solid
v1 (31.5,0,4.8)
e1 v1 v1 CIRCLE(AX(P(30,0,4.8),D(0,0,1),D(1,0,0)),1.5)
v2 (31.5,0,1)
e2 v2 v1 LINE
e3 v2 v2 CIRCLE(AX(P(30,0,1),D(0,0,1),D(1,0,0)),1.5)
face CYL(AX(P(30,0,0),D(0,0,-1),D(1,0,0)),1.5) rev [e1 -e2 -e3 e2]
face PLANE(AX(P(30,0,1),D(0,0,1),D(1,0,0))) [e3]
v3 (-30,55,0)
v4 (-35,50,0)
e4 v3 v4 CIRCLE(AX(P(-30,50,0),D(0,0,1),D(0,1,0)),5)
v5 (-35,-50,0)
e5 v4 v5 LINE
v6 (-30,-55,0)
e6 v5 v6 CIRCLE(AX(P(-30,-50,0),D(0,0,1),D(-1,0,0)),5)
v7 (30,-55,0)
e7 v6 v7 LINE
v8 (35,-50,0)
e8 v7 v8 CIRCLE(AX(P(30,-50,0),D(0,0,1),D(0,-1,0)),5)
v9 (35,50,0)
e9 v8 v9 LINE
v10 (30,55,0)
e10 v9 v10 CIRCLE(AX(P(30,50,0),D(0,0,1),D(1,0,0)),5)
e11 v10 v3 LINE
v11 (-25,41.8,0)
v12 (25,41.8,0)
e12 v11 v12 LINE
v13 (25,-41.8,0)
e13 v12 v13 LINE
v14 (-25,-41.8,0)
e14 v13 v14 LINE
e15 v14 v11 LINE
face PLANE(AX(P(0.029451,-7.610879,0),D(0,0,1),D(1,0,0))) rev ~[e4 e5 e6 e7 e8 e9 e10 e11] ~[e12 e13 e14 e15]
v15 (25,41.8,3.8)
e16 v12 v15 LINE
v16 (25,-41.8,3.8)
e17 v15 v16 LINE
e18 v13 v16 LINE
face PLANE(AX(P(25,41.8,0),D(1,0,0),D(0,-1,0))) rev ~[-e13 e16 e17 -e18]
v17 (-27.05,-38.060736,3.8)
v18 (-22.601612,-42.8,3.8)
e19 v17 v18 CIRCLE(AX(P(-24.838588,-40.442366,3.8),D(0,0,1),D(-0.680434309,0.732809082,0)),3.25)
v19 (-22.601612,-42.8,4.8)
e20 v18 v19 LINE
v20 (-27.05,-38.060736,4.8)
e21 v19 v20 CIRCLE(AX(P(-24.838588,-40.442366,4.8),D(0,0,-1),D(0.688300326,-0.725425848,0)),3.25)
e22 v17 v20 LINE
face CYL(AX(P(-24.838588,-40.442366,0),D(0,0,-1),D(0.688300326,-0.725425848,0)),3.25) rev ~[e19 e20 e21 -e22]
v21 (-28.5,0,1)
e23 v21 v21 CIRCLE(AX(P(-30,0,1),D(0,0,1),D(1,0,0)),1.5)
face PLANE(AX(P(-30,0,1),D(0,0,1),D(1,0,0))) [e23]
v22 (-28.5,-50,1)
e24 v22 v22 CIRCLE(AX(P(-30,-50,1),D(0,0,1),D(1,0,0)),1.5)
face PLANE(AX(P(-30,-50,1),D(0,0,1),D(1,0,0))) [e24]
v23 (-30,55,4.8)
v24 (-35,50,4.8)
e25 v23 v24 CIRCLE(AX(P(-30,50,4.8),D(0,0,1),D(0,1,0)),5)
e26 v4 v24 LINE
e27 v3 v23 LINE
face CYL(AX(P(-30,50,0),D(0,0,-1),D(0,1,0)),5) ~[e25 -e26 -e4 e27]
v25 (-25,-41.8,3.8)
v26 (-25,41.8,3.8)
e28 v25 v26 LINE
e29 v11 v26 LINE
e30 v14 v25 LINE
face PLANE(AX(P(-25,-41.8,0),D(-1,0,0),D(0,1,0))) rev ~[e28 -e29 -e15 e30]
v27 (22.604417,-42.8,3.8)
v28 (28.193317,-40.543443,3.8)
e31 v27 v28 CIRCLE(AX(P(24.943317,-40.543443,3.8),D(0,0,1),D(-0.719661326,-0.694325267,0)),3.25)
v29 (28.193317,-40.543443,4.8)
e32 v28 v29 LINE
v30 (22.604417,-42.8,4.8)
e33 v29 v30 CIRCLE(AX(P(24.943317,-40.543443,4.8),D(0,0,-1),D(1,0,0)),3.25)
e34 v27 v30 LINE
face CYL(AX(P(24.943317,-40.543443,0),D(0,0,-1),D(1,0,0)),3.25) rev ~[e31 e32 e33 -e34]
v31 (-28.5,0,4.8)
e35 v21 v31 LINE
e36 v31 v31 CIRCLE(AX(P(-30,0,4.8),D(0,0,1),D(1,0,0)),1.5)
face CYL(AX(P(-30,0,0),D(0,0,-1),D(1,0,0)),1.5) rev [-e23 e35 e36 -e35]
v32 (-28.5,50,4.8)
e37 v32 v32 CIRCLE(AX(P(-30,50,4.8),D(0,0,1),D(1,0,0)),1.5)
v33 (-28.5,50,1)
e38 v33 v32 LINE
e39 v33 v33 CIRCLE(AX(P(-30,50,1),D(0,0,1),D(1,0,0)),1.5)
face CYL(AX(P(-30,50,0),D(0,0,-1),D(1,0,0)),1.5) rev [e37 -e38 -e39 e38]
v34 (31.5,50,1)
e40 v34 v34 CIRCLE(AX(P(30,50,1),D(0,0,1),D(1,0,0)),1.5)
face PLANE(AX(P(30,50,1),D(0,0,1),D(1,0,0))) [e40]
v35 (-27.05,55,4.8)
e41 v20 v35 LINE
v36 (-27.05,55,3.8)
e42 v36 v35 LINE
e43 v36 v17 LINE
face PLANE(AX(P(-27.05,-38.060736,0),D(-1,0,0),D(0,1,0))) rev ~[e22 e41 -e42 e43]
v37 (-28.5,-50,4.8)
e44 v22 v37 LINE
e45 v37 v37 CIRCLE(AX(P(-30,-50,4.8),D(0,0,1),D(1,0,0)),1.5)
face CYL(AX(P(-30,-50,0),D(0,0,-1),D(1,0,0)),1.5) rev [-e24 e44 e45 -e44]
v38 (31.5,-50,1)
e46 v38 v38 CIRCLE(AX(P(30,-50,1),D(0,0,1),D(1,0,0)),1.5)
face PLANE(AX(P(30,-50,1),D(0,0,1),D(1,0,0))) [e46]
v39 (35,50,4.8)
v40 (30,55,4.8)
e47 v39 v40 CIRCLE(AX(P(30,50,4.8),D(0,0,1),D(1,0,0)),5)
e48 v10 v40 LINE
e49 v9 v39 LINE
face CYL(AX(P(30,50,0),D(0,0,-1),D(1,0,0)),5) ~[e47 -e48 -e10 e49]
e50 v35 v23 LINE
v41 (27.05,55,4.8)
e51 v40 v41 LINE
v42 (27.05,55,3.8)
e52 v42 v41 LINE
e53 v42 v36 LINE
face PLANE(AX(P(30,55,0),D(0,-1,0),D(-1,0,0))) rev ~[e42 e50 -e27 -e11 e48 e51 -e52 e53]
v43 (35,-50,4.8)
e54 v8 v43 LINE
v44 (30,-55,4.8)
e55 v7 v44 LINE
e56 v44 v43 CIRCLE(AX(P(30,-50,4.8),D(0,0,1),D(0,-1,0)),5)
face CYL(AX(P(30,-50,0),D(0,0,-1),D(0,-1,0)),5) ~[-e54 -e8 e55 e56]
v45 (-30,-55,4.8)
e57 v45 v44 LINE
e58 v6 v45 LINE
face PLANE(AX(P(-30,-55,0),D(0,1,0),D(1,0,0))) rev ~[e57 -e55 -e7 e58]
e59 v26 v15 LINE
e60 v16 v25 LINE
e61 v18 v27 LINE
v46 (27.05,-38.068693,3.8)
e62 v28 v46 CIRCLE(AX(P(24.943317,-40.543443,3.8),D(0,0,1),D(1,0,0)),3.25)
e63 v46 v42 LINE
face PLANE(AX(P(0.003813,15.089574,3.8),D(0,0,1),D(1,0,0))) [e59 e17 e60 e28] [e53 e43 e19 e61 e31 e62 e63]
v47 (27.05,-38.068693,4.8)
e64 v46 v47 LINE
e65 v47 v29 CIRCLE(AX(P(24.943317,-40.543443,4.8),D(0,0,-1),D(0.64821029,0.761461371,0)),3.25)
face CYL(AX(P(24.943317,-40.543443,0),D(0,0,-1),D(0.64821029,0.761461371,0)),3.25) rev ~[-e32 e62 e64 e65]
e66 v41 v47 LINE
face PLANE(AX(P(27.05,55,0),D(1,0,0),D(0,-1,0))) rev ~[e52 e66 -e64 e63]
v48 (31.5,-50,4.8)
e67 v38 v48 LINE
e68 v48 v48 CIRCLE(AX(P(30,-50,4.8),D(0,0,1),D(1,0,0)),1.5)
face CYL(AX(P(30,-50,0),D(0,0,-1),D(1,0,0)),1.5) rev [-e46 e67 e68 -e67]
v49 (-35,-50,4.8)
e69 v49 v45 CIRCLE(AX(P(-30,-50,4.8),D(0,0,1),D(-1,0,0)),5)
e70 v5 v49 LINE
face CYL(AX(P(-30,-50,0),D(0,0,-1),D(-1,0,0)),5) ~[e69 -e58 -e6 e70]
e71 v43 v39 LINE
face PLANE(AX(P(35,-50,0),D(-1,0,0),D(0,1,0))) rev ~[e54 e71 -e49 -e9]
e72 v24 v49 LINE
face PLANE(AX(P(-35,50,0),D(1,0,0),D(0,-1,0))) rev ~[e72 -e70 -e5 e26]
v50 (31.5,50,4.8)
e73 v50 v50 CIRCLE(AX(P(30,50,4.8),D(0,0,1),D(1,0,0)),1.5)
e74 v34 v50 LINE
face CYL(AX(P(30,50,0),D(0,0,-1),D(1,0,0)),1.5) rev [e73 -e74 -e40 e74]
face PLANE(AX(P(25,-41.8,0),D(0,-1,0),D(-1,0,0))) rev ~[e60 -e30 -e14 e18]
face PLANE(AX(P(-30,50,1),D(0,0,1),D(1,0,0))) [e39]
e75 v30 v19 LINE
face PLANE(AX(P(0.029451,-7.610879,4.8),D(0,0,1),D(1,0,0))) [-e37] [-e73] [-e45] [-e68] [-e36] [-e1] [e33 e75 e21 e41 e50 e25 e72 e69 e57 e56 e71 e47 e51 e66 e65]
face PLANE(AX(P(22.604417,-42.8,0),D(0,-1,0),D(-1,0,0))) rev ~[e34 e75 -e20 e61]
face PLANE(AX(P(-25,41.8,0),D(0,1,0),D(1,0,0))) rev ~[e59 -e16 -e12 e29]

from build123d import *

# Parameters (mm, degrees)
F0_R     = 1.5
F1_DEPTH = 1
F2_DEPTH = 3.8
F3_DEPTH = 4.8


with BuildPart() as f1:
    # F0 (on Top) → F1 (new body)
    with BuildSketch(Plane.XY):
        with Locations((-30, 50)):
            Circle(F0_R)
    extrude(amount=F1_DEPTH)



with BuildPart() as f1b:
    # F0 (on Top) → F1, piece 2 (new body)
    with BuildSketch(Plane.XY):
        with Locations((30, 50)):
            Circle(F0_R)
    extrude(amount=F1_DEPTH)


with BuildPart() as f1c:
    # F0 (on Top) → F1, piece 3 (new body)
    with BuildSketch(Plane.XY):
        with Locations((30, 0)):
            Circle(F0_R)
    extrude(amount=F1_DEPTH)


with BuildPart() as f1d:
    # F0 (on Top) → F1, piece 4 (new body)
    with BuildSketch(Plane.XY):
        with Locations((30, -50)):
            Circle(F0_R)
    extrude(amount=F1_DEPTH)


with BuildPart() as f1e:
    # F0 (on Top) → F1, piece 5 (new body)
    with BuildSketch(Plane.XY):
        with Locations((-30, -50)):
            Circle(F0_R)
    extrude(amount=F1_DEPTH)


with BuildPart() as f1f:
    # F0 (on Top) → F1, piece 6 (new body)
    with BuildSketch(Plane.XY):
        with Locations((-30, 0)):
            Circle(F0_R)
    extrude(amount=F1_DEPTH)


with BuildPart() as f2:
    # F0 (on Top) → F2 (new body)
    with BuildSketch(Plane.XY):
        with BuildLine():
            Line((27.05, 42.8), (27.05, 55))
            Line((27.05, 55), (-27.05, 55))
            Line((-27.05, 55), (-27.05, 42.8))
            Line((-27.05, 42.8), (-27.05, -38.0607364771))
            ThreePointArc((-27.05, -38.0607364771), (-26.1012649001, -37.4476793164), (-25, -37.196376726))
            Line((-25, -37.196376726), (-25, 41.8))
            Line((-25, 41.8), (25, 41.8))
            Line((25, 41.8), (25, -37.2939372294))
            ThreePointArc((25, -37.2939372294), (26.0922729799, -37.5033114474), (27.05, -38.0686934251))
            Line((27.05, -38.0686934251), (27.05, 42.8))
        make_face()
        with BuildLine():
            ThreePointArc((-25, -37.196376726), (-26.1012649001, -37.4476793164), (-27.05, -38.0607364771))
            Line((-27.05, -38.0607364771), (-27.05, -42.8))
            Line((-27.05, -42.8), (-22.6016124349, -42.8))
            ThreePointArc((-22.6016124349, -42.8), (-22.1959427347, -42.3341702613), (-21.8857373462, -41.8))
            Line((-21.8857373462, -41.8), (-25, -41.8))
            Line((-25, -41.8), (-25, -37.196376726))
        make_face()
        with BuildLine():
            Line((-27.05, -42.8), (-27.05, -38.0607364771))
            ThreePointArc((-27.05, -38.0607364771), (-27.208254731, -42.6665921352), (-22.6016124349, -42.8))
            Line((-22.6016124349, -42.8), (-27.05, -42.8))
        make_face()
        with BuildLine():
            ThreePointArc((-21.8857373462, -41.8), (-22.1959427347, -42.3341702613), (-22.6016124349, -42.8))
            Line((-22.6016124349, -42.8), (22.6044172499, -42.8))
            ThreePointArc((22.6044172499, -42.8), (22.2287912639, -42.3305781393), (21.9460571083, -41.8))
            Line((21.9460571083, -41.8), (-21.8857373462, -41.8))
        make_face()
        with BuildLine():
            Line((27.05, -42.8), (27.05, -38.0686934251))
            ThreePointArc((27.05, -38.0686934251), (26.0922729799, -37.5033114474), (25, -37.2939372294))
            Line((25, -37.2939372294), (25, -41.8))
            Line((25, -41.8), (21.9460571083, -41.8))
            ThreePointArc((21.9460571083, -41.8), (22.2287912639, -42.3305781393), (22.6044172499, -42.8))
            Line((22.6044172499, -42.8), (27.05, -42.8))
        make_face()
        with BuildLine():
            ThreePointArc((28.1933165581, -40.5434428822), (27.8936742641, -39.1803987131), (27.05, -38.0686934251))
            Line((27.05, -38.0686934251), (27.05, -42.8))
            Line((27.05, -42.8), (22.6044172499, -42.8))
            ThreePointArc((22.6044172499, -42.8), (26.1600904172, -43.557072152), (28.1933165581, -40.5434428822))
        make_face()
    extrude(amount=F2_DEPTH)


with BuildPart() as f1_1:
    add(f1.part)

    add(f1b.part)  # F3 merges F1b

    add(f1c.part)  # F3 merges F1c

    add(f1d.part)  # F3 merges F1d

    add(f1e.part)  # F3 merges F1e

    add(f1f.part)  # F3 merges F1f

    add(f2.part)  # F3 merges F2
    # F0 (on Top) → F3 (join)
    with BuildSketch(Plane.XY):
        with BuildLine():
            ThreePointArc((35, 50), (33.5355339059, 53.5355339059), (30, 55))
            Line((30, 55), (27.05, 55))
            Line((27.05, 55), (27.05, 42.8))
            Line((27.05, 42.8), (27.05, -38.0686934251))
            ThreePointArc((27.05, -38.0686934251), (27.8936742641, -39.1803987131), (28.1933165581, -40.5434428822))
            ThreePointArc((28.1933165581, -40.5434428822), (26.1600904172, -43.557072152), (22.6044172499, -42.8))
            Line((22.6044172499, -42.8), (-22.6016124349, -42.8))
            ThreePointArc((-22.6016124349, -42.8), (-27.208254731, -42.6665921352), (-27.05, -38.0607364771))
            Line((-27.05, -38.0607364771), (-27.05, 42.8))
            Line((-27.05, 42.8), (-27.05, 55))
            Line((-27.05, 55), (-30, 55))
            ThreePointArc((-30, 55), (-33.5355339059, 53.5355339059), (-35, 50))
            Line((-35, 50), (-35, -50))
            ThreePointArc((-35, -50), (-33.5355339059, -53.5355339059), (-30, -55))
            Line((-30, -55), (30, -55))
            ThreePointArc((30, -55), (33.5355339059, -53.5355339059), (35, -50))
            Line((35, -50), (35, 50))
        make_face()
        with Locations((-30, -50)):
            Circle(F0_R, mode=Mode.SUBTRACT)
        with Locations((30, -50)):
            Circle(F0_R, mode=Mode.SUBTRACT)
        with Locations((-30, 0)):
            Circle(F0_R, mode=Mode.SUBTRACT)
        with Locations((-30, 50)):
            Circle(F0_R, mode=Mode.SUBTRACT)
        with Locations((30, 0)):
            Circle(F0_R, mode=Mode.SUBTRACT)
        with Locations((30, 50)):
            Circle(F0_R, mode=Mode.SUBTRACT)
    extrude(amount=F3_DEPTH)


solid = f1_1.part
